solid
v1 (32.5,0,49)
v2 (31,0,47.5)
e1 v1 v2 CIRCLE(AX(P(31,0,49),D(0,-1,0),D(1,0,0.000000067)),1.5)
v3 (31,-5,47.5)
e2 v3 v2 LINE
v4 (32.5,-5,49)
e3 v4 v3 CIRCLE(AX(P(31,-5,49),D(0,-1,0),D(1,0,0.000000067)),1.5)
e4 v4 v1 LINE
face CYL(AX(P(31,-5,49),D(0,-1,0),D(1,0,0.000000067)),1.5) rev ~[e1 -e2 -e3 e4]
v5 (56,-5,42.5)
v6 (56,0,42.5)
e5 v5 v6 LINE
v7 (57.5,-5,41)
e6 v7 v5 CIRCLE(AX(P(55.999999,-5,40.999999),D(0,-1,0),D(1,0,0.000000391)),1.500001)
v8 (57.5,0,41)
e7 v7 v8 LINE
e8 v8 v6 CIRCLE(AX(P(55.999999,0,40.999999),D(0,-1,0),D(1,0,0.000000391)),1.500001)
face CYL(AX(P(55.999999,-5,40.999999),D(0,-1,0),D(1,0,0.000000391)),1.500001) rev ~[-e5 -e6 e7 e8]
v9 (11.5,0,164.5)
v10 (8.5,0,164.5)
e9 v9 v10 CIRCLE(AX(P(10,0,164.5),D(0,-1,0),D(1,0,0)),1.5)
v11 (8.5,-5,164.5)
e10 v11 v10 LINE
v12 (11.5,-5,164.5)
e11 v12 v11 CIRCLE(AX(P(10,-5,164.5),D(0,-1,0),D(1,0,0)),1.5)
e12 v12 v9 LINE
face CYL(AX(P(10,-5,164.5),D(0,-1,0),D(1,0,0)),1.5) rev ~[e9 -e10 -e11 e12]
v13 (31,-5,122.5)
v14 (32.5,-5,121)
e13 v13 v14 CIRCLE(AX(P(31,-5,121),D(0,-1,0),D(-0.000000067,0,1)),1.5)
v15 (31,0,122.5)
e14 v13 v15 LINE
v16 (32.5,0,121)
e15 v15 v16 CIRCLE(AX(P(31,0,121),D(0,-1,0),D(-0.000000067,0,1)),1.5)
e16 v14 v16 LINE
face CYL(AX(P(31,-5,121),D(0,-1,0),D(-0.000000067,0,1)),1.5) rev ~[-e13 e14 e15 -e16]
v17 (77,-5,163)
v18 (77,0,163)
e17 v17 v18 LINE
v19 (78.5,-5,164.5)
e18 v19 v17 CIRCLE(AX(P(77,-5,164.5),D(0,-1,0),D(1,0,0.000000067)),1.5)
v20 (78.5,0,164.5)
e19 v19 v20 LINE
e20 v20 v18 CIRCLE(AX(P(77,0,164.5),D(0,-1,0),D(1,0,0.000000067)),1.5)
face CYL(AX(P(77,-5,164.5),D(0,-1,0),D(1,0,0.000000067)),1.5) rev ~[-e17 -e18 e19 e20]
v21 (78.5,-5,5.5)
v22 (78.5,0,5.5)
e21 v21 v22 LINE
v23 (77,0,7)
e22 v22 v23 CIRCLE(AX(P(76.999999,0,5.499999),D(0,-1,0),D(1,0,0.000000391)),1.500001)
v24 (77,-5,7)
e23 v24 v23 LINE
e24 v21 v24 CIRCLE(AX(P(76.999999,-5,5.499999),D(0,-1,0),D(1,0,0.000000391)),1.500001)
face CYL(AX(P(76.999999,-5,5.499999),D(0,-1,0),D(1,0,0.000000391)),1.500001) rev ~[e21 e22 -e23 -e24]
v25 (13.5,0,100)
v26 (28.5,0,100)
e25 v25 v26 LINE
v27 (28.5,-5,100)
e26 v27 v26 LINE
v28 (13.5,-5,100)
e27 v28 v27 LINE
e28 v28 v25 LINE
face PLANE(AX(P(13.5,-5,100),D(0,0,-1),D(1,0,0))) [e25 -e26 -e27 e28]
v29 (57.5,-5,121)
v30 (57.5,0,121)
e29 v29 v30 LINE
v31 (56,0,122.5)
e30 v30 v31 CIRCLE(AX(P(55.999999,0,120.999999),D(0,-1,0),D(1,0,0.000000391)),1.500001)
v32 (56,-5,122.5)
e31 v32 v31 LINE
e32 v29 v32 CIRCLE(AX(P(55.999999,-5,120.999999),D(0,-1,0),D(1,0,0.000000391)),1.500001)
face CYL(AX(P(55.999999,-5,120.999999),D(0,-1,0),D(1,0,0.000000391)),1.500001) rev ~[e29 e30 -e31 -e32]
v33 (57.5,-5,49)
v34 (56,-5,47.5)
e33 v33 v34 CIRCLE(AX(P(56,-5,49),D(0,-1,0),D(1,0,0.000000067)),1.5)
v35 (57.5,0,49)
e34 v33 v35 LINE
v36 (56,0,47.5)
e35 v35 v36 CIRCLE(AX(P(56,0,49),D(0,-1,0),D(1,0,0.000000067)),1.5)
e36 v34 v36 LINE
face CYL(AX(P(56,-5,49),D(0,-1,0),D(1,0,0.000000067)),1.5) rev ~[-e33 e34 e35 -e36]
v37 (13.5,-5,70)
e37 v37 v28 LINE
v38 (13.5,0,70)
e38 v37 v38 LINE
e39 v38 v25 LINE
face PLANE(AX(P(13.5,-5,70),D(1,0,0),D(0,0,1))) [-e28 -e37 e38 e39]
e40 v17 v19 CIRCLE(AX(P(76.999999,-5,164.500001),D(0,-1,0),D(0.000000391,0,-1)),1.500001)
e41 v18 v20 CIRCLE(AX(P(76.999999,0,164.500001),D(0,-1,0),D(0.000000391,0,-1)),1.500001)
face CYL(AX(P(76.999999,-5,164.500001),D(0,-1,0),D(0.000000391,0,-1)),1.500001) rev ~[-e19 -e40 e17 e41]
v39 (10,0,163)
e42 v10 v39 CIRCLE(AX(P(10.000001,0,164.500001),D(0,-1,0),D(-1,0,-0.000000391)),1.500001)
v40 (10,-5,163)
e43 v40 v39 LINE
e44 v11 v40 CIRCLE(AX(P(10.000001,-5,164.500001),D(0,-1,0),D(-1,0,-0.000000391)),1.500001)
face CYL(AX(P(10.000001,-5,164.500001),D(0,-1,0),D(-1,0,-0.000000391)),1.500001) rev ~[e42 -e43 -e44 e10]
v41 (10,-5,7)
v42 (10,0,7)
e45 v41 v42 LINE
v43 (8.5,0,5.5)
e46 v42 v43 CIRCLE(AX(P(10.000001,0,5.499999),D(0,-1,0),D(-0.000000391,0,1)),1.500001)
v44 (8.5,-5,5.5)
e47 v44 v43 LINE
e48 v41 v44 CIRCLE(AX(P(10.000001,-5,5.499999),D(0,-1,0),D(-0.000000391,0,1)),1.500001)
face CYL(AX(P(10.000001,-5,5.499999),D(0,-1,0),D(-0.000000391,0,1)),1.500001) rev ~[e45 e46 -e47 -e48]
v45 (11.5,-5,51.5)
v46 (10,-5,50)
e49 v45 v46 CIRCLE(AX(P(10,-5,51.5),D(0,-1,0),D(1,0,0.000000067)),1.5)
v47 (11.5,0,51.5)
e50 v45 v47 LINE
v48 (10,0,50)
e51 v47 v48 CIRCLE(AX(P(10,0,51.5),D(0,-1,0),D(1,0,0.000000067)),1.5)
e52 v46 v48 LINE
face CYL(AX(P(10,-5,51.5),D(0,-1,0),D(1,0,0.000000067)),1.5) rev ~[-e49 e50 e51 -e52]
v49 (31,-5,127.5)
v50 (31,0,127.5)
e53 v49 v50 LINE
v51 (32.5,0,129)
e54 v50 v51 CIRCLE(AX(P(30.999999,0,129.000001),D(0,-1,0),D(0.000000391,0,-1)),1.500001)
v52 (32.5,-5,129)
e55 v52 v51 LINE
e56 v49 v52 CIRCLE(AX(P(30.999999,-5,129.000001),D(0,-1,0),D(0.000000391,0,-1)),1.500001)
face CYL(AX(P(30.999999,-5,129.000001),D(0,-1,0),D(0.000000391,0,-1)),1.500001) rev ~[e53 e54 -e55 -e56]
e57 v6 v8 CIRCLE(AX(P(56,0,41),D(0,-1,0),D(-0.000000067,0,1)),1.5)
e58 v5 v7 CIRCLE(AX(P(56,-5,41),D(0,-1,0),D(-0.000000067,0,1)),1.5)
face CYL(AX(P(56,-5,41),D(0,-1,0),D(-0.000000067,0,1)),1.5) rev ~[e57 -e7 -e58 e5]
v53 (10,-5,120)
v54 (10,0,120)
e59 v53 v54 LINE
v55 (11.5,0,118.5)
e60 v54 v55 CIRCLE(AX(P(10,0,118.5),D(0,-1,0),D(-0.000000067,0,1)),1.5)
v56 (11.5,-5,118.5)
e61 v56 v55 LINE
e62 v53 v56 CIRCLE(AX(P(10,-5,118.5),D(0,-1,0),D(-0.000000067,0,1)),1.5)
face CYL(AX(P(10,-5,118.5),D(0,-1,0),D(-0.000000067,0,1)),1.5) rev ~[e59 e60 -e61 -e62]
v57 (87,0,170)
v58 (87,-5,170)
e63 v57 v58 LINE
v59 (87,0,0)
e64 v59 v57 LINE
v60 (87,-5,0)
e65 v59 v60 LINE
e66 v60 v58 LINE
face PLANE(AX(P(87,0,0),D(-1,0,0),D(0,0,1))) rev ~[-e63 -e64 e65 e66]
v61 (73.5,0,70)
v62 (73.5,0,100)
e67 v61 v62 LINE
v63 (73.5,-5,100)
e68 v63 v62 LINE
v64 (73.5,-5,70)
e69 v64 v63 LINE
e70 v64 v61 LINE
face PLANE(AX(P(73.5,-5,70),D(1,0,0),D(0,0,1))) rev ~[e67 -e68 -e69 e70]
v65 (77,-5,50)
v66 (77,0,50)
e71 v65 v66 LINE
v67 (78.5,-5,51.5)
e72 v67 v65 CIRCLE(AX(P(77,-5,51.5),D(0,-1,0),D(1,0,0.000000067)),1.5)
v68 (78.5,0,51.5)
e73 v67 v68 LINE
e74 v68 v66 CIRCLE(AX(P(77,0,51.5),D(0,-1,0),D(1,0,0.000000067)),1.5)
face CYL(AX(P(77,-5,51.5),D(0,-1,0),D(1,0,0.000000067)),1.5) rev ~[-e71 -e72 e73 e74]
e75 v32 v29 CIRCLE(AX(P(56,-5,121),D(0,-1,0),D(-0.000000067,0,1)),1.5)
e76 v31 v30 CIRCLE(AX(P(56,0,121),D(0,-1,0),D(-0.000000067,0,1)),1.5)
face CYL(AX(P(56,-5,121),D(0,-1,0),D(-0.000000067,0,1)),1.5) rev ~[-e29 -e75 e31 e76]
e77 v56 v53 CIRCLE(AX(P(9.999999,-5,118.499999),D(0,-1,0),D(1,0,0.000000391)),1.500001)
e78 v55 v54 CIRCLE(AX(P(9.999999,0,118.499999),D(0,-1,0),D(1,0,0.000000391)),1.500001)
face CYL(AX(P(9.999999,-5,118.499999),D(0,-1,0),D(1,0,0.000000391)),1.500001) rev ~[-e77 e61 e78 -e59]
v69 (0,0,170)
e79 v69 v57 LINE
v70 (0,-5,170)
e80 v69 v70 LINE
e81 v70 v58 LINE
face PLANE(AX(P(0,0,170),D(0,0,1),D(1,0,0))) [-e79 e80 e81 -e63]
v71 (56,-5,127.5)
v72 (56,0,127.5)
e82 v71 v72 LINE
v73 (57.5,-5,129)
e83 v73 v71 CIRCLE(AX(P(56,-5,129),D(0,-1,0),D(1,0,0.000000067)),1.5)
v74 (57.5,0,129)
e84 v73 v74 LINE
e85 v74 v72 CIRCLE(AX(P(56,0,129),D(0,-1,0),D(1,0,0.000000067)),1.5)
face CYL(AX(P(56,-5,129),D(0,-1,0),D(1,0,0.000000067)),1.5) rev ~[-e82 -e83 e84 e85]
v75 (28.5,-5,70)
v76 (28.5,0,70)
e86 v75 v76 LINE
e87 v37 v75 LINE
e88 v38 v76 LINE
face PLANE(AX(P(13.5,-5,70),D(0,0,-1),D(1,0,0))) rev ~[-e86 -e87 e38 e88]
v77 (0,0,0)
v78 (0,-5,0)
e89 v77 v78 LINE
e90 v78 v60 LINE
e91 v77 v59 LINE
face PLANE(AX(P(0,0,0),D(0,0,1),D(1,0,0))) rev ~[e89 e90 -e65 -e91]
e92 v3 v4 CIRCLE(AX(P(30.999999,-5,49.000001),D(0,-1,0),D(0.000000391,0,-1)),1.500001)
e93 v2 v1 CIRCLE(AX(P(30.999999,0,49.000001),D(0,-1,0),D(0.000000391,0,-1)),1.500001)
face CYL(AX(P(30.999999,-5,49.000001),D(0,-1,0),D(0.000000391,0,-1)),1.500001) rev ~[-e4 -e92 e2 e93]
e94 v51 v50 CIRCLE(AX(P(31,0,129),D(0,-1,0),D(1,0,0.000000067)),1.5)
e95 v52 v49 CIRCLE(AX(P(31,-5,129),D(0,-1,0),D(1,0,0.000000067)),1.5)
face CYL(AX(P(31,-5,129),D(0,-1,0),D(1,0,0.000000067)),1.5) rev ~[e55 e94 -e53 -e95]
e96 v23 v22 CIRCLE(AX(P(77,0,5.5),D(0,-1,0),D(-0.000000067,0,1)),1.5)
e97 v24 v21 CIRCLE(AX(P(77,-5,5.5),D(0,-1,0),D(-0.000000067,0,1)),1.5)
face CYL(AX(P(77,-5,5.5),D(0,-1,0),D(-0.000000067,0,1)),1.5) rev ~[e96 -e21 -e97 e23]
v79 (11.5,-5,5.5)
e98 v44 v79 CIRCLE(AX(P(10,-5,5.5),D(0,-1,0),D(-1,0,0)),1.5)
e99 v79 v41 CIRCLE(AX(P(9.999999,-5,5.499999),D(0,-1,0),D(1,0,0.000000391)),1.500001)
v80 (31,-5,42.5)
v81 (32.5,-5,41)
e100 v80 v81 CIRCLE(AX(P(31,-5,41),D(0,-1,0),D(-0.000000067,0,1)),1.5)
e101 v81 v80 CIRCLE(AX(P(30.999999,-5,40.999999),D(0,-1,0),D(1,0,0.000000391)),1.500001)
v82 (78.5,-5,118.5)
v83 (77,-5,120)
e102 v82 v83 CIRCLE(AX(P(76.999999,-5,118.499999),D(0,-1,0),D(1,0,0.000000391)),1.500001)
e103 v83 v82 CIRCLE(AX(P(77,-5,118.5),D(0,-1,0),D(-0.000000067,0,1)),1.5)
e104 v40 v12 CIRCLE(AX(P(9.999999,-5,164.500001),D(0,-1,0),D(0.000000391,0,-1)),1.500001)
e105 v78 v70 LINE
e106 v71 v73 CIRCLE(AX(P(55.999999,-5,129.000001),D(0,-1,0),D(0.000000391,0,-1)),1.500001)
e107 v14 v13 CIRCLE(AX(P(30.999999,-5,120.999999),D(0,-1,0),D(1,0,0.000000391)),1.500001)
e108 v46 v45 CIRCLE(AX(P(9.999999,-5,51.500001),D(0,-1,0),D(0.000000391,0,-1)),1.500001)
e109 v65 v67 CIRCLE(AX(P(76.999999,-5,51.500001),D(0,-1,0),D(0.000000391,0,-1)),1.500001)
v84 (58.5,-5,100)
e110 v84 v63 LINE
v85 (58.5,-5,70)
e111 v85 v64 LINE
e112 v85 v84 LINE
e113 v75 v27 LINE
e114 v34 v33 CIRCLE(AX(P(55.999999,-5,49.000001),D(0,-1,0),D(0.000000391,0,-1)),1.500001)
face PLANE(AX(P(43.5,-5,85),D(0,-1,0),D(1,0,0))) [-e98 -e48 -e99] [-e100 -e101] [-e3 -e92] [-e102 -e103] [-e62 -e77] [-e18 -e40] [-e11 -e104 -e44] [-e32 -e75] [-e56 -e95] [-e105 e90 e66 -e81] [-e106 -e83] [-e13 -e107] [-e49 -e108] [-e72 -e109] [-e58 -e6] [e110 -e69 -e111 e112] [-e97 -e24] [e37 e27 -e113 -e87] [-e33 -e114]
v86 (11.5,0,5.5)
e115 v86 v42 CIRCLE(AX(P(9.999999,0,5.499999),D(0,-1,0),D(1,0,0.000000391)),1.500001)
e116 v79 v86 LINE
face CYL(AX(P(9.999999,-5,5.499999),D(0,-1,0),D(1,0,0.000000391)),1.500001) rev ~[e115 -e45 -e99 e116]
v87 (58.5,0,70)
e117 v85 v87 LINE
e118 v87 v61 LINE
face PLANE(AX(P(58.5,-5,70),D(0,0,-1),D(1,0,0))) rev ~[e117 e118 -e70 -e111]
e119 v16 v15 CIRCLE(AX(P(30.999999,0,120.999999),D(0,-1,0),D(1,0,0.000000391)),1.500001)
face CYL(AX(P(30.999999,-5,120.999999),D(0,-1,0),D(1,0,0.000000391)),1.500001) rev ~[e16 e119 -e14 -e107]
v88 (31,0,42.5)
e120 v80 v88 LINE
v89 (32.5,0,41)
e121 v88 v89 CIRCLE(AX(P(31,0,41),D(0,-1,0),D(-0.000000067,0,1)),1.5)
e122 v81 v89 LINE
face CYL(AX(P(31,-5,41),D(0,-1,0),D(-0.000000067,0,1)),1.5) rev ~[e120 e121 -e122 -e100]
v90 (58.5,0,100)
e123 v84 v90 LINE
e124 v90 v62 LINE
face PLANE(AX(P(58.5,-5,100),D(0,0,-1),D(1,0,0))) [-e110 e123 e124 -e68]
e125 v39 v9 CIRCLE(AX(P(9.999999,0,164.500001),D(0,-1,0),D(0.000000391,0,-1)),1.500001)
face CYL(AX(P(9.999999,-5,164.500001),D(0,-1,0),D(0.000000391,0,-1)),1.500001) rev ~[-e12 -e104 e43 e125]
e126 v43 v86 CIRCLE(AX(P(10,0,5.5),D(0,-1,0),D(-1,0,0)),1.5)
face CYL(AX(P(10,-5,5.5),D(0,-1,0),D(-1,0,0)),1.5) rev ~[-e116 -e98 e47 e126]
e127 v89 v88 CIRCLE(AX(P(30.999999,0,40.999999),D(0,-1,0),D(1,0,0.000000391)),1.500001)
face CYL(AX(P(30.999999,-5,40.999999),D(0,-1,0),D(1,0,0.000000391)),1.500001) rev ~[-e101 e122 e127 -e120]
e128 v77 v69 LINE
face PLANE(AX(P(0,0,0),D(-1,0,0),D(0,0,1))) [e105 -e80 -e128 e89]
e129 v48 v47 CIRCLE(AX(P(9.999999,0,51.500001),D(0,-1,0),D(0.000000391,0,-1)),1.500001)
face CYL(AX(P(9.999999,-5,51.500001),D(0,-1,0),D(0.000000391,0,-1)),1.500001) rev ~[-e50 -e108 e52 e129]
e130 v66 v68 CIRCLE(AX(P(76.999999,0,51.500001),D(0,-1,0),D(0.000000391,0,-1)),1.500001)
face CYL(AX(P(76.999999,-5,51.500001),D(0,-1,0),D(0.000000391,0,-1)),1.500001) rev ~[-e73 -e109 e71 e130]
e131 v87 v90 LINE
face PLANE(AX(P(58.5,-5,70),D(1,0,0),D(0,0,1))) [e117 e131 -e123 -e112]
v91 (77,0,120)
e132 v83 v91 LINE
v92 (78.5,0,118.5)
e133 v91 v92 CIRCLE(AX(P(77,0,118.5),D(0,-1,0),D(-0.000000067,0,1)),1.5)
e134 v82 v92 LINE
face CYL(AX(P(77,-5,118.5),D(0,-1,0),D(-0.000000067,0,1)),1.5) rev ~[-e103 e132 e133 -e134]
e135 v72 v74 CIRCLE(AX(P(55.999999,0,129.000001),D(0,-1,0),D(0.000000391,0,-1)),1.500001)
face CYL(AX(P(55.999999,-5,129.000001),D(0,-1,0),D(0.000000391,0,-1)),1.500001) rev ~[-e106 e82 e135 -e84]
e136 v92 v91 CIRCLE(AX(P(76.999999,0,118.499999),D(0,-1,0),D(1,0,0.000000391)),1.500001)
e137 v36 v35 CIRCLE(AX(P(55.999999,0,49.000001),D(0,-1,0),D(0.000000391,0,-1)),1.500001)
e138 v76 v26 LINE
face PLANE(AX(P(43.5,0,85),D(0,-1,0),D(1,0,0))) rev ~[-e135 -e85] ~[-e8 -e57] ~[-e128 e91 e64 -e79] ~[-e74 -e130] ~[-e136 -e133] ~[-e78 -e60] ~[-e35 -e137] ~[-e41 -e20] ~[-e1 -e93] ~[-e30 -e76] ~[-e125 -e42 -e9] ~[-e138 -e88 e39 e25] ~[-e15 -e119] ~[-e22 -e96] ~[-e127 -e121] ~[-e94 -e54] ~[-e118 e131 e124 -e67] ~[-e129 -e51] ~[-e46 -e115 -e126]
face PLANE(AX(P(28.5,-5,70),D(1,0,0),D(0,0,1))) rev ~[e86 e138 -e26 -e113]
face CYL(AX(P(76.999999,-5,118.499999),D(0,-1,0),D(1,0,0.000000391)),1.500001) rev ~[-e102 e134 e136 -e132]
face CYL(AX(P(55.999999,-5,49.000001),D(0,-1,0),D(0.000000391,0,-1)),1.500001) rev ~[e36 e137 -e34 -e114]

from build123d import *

# Parameters (mm, degrees)
F0_W     = 87
F0_H     = 170
F1_DEPTH = 5
F2_W     = 15
F2_H     = 30
F3_DEPTH = 25


with BuildPart() as f1:
    # F0 (on Front) → F1 (new body)
    with BuildSketch(Plane.XZ):
        with Locations((43.5, 85)):
            Rectangle(F0_W, F0_H)
    extrude(amount=F1_DEPTH)

    # F2 (on face) → F3 (cut)
    with BuildSketch(Plane.XZ.offset(5)):
        with BuildLine():
            ThreePointArc((10, 7), (8.93934, 6.56066), (8.5, 5.5))
            Line((8.5, 5.5), (10, 5.5))
            Line((10, 5.5), (10, 7))
        make_face()
        with BuildLine():
            ThreePointArc((11.5, 51.5), (8.93934, 52.56066), (10, 50))
            ThreePointArc((10, 50), (11.06066, 50.43934), (11.5, 51.5))
        make_face()
        with BuildLine():
            Line((10, 5.5), (8.5, 5.5))
            ThreePointArc((8.5, 5.5), (10, 4), (11.5, 5.5))
            ThreePointArc((11.5, 5.5), (11.06066, 6.56066), (10, 7))
            Line((10, 7), (10, 5.5))
        make_face()
        with BuildLine():
            ThreePointArc((77, 7), (75.93934, 4.43934), (78.5, 5.5))
            Line((78.5, 5.5), (77, 5.5))
            Line((77, 5.5), (77, 7))
        make_face()
        with BuildLine():
            Line((77, 5.5), (78.5, 5.5))
            ThreePointArc((78.5, 5.5), (78.06066, 6.56066), (77, 7))
            Line((77, 7), (77, 5.5))
        make_face()
        with BuildLine():
            ThreePointArc((78.5, 51.5), (75.93934, 52.56066), (77, 50))
            ThreePointArc((77, 50), (78.06066, 50.43934), (78.5, 51.5))
        make_face()
        with BuildLine():
            ThreePointArc((11.5, 164.5), (10, 166), (8.5, 164.5))
            Line((8.5, 164.5), (10, 164.5))
            Line((10, 164.5), (10, 163))
            ThreePointArc((10, 163), (11.06066, 163.43934), (11.5, 164.5))
        make_face()
        with BuildLine():
            ThreePointArc((11.5, 118.5), (11.06066, 119.56066), (10, 120))
            ThreePointArc((10, 120), (8.93934, 117.43934), (11.5, 118.5))
        make_face()
        with BuildLine():
            Line((10, 164.5), (8.5, 164.5))
            ThreePointArc((8.5, 164.5), (8.93934, 163.43934), (10, 163))
            Line((10, 163), (10, 164.5))
        make_face()
        with BuildLine():
            ThreePointArc((77, 163), (78.06066, 163.43934), (78.5, 164.5))
            Line((78.5, 164.5), (77, 164.5))
            Line((77, 164.5), (77, 163))
        make_face()
        with BuildLine():
            Line((77, 164.5), (78.5, 164.5))
            ThreePointArc((78.5, 164.5), (75.93934, 165.56066), (77, 163))
            Line((77, 163), (77, 164.5))
        make_face()
        with BuildLine():
            ThreePointArc((78.5, 118.5), (78.06066, 119.56066), (77, 120))
            ThreePointArc((77, 120), (75.93934, 117.43934), (78.5, 118.5))
        make_face()
        with Locations((66, 85)):
            Rectangle(F2_W, F2_H)
        with Locations((21, 85)):
            Rectangle(F2_W, F2_H)
        with BuildLine():
            ThreePointArc((32.5, 121), (32.06066, 122.06066), (31, 122.5))
            ThreePointArc((31, 122.5), (29.93934, 119.93934), (32.5, 121))
        make_face()
        with BuildLine():
            ThreePointArc((32.5, 129), (29.93934, 130.06066), (31, 127.5))
            ThreePointArc((31, 127.5), (32.06066, 127.93934), (32.5, 129))
        make_face()
        with BuildLine():
            ThreePointArc((57.5, 129), (54.93934, 130.06066), (56, 127.5))
            ThreePointArc((56, 127.5), (57.06066, 127.93934), (57.5, 129))
        make_face()
        with BuildLine():
            ThreePointArc((57.5, 121), (57.06066, 122.06066), (56, 122.5))
            ThreePointArc((56, 122.5), (54.93934, 119.93934), (57.5, 121))
        make_face()
        with BuildLine():
            ThreePointArc((57.5, 49), (54.93934, 50.06066), (56, 47.5))
            ThreePointArc((56, 47.5), (57.06066, 47.93934), (57.5, 49))
        make_face()
        with BuildLine():
            ThreePointArc((57.5, 41), (57.06066, 42.06066), (56, 42.5))
            ThreePointArc((56, 42.5), (54.93934, 39.93934), (57.5, 41))
        make_face()
        with BuildLine():
            ThreePointArc((32.5, 41), (32.06066, 42.06066), (31, 42.5))
            ThreePointArc((31, 42.5), (29.93934, 39.93934), (32.5, 41))
        make_face()
        with BuildLine():
            ThreePointArc((32.5, 49), (29.93934, 50.06066), (31, 47.5))
            ThreePointArc((31, 47.5), (32.06066, 47.93934), (32.5, 49))
        make_face()
    extrude(amount=-F3_DEPTH, mode=Mode.SUBTRACT)


solid = f1.part
